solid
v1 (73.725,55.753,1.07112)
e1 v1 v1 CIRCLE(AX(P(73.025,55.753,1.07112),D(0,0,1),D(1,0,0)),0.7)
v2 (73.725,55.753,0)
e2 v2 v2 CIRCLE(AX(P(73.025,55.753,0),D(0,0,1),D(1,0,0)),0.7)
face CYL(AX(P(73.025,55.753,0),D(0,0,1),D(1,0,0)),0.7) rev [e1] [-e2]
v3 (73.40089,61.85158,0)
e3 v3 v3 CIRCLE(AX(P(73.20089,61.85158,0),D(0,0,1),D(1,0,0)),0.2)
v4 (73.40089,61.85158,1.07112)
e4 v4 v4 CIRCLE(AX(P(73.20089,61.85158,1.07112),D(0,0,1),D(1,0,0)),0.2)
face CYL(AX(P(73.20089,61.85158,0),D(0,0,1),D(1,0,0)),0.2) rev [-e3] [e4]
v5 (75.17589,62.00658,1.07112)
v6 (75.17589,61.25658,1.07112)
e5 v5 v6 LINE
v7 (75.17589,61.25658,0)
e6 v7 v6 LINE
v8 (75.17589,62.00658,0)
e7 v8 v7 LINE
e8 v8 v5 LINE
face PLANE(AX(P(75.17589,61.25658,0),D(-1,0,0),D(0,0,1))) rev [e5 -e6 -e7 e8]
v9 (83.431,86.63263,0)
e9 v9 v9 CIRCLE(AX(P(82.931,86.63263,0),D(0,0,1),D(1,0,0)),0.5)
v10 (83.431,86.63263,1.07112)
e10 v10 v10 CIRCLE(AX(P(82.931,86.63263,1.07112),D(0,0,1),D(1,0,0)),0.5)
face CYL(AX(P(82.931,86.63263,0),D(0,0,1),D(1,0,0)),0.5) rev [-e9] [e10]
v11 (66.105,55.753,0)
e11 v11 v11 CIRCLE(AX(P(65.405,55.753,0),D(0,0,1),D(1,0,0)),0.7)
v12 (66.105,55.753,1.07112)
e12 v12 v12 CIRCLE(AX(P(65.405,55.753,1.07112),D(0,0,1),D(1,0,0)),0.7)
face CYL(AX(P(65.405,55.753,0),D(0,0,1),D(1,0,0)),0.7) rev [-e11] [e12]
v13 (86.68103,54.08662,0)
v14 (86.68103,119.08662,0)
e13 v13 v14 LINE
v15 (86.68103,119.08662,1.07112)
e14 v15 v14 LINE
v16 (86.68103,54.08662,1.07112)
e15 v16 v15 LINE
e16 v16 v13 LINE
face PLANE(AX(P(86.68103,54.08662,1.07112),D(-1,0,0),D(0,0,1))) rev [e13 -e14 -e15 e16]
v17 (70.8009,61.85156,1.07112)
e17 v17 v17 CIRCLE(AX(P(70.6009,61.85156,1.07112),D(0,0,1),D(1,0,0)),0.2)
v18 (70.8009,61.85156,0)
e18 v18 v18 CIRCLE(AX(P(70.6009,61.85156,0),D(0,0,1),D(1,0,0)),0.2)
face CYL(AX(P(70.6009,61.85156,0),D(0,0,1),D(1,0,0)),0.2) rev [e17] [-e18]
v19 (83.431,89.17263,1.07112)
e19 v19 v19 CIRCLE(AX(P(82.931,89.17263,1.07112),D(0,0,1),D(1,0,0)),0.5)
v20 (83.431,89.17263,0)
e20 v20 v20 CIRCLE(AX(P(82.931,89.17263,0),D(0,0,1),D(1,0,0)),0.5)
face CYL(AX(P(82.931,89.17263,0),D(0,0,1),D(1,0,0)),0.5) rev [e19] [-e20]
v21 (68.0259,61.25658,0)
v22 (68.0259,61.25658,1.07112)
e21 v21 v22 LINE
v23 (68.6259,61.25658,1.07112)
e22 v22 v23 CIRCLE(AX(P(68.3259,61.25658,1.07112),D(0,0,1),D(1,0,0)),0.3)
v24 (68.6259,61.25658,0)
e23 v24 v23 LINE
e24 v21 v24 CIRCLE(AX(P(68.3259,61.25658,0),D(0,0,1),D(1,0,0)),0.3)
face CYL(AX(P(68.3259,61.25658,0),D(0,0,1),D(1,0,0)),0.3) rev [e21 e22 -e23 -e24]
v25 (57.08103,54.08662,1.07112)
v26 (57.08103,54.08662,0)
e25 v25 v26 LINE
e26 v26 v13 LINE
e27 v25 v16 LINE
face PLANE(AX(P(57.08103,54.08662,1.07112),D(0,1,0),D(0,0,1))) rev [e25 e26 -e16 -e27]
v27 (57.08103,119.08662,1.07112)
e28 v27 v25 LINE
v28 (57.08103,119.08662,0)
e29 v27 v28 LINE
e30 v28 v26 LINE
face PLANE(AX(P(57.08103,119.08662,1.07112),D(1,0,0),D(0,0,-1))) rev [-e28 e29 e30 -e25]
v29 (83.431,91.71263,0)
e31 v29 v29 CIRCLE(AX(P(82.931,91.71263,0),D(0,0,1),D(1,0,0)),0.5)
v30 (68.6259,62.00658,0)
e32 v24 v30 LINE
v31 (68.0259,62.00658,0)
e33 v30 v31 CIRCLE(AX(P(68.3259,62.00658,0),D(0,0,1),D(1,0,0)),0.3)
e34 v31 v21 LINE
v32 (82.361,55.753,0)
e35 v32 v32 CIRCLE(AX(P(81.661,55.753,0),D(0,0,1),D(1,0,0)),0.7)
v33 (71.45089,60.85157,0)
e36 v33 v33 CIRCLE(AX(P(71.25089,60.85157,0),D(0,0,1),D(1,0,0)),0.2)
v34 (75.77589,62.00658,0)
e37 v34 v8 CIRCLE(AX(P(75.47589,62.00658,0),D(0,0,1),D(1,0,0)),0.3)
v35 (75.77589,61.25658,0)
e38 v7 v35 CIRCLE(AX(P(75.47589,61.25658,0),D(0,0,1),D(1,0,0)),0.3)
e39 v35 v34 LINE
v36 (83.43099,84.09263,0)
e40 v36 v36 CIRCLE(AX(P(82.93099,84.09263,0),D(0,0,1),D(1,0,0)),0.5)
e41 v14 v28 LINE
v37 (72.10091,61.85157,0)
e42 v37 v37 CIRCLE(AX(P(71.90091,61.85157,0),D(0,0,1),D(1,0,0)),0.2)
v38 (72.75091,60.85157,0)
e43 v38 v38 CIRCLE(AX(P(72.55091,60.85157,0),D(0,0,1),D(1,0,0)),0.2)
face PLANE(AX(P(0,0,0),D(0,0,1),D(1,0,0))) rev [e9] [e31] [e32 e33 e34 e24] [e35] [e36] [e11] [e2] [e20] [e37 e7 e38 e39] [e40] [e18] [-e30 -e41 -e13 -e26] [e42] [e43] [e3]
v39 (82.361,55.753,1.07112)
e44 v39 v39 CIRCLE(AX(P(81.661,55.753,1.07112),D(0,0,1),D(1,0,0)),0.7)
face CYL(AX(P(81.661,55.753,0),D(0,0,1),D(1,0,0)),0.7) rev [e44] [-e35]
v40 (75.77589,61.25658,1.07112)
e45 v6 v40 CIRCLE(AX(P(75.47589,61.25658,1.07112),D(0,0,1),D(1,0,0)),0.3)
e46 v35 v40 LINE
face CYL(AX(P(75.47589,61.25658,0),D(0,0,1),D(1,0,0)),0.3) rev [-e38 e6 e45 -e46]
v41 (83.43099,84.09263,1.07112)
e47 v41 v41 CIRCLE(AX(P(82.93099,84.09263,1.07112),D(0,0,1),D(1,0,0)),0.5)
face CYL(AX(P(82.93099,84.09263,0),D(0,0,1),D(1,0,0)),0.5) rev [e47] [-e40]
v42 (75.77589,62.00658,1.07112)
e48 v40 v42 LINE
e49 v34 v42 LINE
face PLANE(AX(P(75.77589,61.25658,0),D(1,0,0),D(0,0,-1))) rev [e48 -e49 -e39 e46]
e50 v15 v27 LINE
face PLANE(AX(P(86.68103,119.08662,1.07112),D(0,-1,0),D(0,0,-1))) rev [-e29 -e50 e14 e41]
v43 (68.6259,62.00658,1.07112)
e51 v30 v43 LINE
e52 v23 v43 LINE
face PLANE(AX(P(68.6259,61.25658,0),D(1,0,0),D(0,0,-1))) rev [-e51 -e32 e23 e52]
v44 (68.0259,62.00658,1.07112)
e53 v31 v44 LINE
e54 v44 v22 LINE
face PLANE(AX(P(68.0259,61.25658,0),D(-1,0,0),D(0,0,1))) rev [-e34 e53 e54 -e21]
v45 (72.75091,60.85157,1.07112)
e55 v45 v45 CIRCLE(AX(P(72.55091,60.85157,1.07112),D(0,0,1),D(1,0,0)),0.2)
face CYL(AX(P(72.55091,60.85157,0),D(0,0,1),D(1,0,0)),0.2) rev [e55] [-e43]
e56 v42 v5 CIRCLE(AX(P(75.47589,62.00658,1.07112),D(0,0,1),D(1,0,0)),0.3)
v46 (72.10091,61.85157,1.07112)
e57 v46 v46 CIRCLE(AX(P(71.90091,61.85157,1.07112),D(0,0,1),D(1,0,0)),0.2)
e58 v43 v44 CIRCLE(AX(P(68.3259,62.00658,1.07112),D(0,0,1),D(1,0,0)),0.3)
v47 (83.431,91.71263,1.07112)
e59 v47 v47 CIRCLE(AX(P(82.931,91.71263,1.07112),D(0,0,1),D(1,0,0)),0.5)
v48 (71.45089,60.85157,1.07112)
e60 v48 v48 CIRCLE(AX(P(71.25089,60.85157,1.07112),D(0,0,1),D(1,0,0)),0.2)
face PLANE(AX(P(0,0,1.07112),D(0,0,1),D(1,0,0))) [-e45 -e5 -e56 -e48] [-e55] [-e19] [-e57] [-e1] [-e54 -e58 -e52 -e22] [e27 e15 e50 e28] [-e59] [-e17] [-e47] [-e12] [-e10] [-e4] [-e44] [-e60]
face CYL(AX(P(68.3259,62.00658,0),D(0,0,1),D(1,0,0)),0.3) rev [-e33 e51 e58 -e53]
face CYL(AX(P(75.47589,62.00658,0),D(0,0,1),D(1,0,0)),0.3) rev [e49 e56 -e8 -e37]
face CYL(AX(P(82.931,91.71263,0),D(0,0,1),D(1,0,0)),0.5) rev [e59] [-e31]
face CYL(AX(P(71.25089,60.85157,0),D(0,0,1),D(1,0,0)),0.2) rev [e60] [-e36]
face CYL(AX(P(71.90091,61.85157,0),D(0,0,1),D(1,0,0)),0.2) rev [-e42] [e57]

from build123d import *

# Parameters (mm, degrees)
SKETCH_1_W         = 29.6
SKETCH_1_H         = 65
BOARD_DEPTH        = 1.07112
SKETCH_13_R        = 0.5
HOLE_OLED1_4_DEPTH = 1.07112
SKETCH_14_R        = 0.5
HOLE_OLED1_3_DEPTH = 148.296881579
SKETCH_15_R        = 0.5
HOLE_OLED1_2_DEPTH = 148.296881579
SKETCH_16_R        = 0.5
HOLE_OLED1_1_DEPTH = 148.296881579
SKETCH_17_R        = 0.7
HOLE_FREE_4_DEPTH  = 148.296881579
SKETCH_18_R        = 0.7
HOLE_FREE_3_DEPTH  = 148.296881579
SKETCH_19_R        = 0.7
HOLE_FREE_2_DEPTH  = 148.296881579
HOLE_J1_6_DEPTH    = 148.296881579
HOLE_J1_7_DEPTH    = 148.296881579
SKETCH_24_R        = 0.2
HOLE_J1_1_DEPTH    = 148.296881579
SKETCH_25_R        = 0.2
HOLE_J1_2_DEPTH    = 148.296881579
SKETCH_26_R        = 0.2
HOLE_J1_3_DEPTH    = 148.296881579
SKETCH_27_R        = 0.2
HOLE_J1_4_DEPTH    = 148.296881579
SKETCH_28_R        = 0.2
HOLE_J1_5_DEPTH    = 148.296881579


with BuildPart() as part:
    # Эскиз1 → Board (new body)
    with BuildSketch(Plane.XY):
        with Locations((71.88103, 86.58662)):
            Rectangle(SKETCH_1_W, SKETCH_1_H)
    extrude(amount=BOARD_DEPTH)

    # Эскиз13 → Hole - OLED1-4 (cut)
    with BuildSketch(Plane.XY.offset(1.07112)):
        with Locations((82.93099, 84.09263)):
            Circle(SKETCH_13_R)
    extrude(amount=-HOLE_OLED1_4_DEPTH, mode=Mode.SUBTRACT)

    # Эскиз14 → Hole - OLED1-3 (cut, through all)
    with BuildSketch(Plane.XY.offset(1.07112)):
        with Locations((82.931, 86.63263)):
            Circle(SKETCH_14_R)
    extrude(amount=-HOLE_OLED1_3_DEPTH, mode=Mode.SUBTRACT)

    # Эскиз15 → Hole - OLED1-2 (cut, through all)
    with BuildSketch(Plane.XY.offset(1.07112)):
        with Locations((82.931, 89.17263)):
            Circle(SKETCH_15_R)
    extrude(amount=-HOLE_OLED1_2_DEPTH, mode=Mode.SUBTRACT)

    # Эскиз16 → Hole - OLED1-1 (cut, through all)
    with BuildSketch(Plane.XY.offset(1.07112)):
        with Locations((82.931, 91.71263)):
            Circle(SKETCH_16_R)
    extrude(amount=-HOLE_OLED1_1_DEPTH, mode=Mode.SUBTRACT)

    # Эскиз17 → Hole - Free-4 (cut, through all)
    with BuildSketch(Plane.XY.offset(1.07112)):
        with Locations((73.025, 55.753)):
            Circle(SKETCH_17_R)
    extrude(amount=-HOLE_FREE_4_DEPTH, mode=Mode.SUBTRACT)

    # Эскиз18 → Hole - Free-3 (cut, through all)
    with BuildSketch(Plane.XY.offset(1.07112)):
        with Locations((81.661, 55.753)):
            Circle(SKETCH_18_R)
    extrude(amount=-HOLE_FREE_3_DEPTH, mode=Mode.SUBTRACT)

    # Эскиз19 → Hole - Free-2 (cut, through all)
    with BuildSketch(Plane.XY.offset(1.07112)):
        with Locations((65.405, 55.753)):
            Circle(SKETCH_19_R)
    extrude(amount=-HOLE_FREE_2_DEPTH, mode=Mode.SUBTRACT)

    # Эскиз21 → Hole - J1-6 (cut, through all)
    with BuildSketch(Plane.XY.offset(1.07112)):
        with BuildLine():
            Line((68.0259, 61.25658), (68.0259, 62.00658))
            ThreePointArc((68.0259, 62.00658), (68.3259, 62.30658), (68.6259, 62.00658))
            Line((68.6259, 62.00658), (68.6259, 61.25658))
            ThreePointArc((68.6259, 61.25658), (68.3259, 60.95658), (68.0259, 61.25658))
        make_face()
    extrude(amount=-HOLE_J1_6_DEPTH, mode=Mode.SUBTRACT)

    # Эскиз23 → Hole - J1-7 (cut, through all)
    with BuildSketch(Plane.XY.offset(1.07112)):
        with BuildLine():
            Line((75.17589, 61.25658), (75.17589, 62.00658))
            ThreePointArc((75.17589, 62.00658), (75.47589, 62.30658), (75.77589, 62.00658))
            Line((75.77589, 62.00658), (75.77589, 61.25658))
            ThreePointArc((75.77589, 61.25658), (75.47589, 60.95658), (75.17589, 61.25658))
        make_face()
    extrude(amount=-HOLE_J1_7_DEPTH, mode=Mode.SUBTRACT)

    # Эскиз24 → Hole - J1-1 (cut, through all)
    with BuildSketch(Plane.XY.offset(1.07112)):
        with Locations((70.6009, 61.85156)):
            Circle(SKETCH_24_R)
    extrude(amount=-HOLE_J1_1_DEPTH, mode=Mode.SUBTRACT)

    # Эскиз25 → Hole - J1-2 (cut, through all)
    with BuildSketch(Plane.XY.offset(1.07112)):
        with Locations((71.25089, 60.85157)):
            Circle(SKETCH_25_R)
    extrude(amount=-HOLE_J1_2_DEPTH, mode=Mode.SUBTRACT)

    # Эскиз26 → Hole - J1-3 (cut, through all)
    with BuildSketch(Plane.XY.offset(1.07112)):
        with Locations((71.90091, 61.85157)):
            Circle(SKETCH_26_R)
    extrude(amount=-HOLE_J1_3_DEPTH, mode=Mode.SUBTRACT)

    # Эскиз27 → Hole - J1-4 (cut, through all)
    with BuildSketch(Plane.XY.offset(1.07112)):
        with Locations((72.55091, 60.85157)):
            Circle(SKETCH_27_R)
    extrude(amount=-HOLE_J1_4_DEPTH, mode=Mode.SUBTRACT)

    # Эскиз28 → Hole - J1-5 (cut, through all)
    with BuildSketch(Plane.XY.offset(1.07112)):
        with Locations((73.20089, 61.85158)):
            Circle(SKETCH_28_R)
    extrude(amount=-HOLE_J1_5_DEPTH, mode=Mode.SUBTRACT)


solid = part.part
